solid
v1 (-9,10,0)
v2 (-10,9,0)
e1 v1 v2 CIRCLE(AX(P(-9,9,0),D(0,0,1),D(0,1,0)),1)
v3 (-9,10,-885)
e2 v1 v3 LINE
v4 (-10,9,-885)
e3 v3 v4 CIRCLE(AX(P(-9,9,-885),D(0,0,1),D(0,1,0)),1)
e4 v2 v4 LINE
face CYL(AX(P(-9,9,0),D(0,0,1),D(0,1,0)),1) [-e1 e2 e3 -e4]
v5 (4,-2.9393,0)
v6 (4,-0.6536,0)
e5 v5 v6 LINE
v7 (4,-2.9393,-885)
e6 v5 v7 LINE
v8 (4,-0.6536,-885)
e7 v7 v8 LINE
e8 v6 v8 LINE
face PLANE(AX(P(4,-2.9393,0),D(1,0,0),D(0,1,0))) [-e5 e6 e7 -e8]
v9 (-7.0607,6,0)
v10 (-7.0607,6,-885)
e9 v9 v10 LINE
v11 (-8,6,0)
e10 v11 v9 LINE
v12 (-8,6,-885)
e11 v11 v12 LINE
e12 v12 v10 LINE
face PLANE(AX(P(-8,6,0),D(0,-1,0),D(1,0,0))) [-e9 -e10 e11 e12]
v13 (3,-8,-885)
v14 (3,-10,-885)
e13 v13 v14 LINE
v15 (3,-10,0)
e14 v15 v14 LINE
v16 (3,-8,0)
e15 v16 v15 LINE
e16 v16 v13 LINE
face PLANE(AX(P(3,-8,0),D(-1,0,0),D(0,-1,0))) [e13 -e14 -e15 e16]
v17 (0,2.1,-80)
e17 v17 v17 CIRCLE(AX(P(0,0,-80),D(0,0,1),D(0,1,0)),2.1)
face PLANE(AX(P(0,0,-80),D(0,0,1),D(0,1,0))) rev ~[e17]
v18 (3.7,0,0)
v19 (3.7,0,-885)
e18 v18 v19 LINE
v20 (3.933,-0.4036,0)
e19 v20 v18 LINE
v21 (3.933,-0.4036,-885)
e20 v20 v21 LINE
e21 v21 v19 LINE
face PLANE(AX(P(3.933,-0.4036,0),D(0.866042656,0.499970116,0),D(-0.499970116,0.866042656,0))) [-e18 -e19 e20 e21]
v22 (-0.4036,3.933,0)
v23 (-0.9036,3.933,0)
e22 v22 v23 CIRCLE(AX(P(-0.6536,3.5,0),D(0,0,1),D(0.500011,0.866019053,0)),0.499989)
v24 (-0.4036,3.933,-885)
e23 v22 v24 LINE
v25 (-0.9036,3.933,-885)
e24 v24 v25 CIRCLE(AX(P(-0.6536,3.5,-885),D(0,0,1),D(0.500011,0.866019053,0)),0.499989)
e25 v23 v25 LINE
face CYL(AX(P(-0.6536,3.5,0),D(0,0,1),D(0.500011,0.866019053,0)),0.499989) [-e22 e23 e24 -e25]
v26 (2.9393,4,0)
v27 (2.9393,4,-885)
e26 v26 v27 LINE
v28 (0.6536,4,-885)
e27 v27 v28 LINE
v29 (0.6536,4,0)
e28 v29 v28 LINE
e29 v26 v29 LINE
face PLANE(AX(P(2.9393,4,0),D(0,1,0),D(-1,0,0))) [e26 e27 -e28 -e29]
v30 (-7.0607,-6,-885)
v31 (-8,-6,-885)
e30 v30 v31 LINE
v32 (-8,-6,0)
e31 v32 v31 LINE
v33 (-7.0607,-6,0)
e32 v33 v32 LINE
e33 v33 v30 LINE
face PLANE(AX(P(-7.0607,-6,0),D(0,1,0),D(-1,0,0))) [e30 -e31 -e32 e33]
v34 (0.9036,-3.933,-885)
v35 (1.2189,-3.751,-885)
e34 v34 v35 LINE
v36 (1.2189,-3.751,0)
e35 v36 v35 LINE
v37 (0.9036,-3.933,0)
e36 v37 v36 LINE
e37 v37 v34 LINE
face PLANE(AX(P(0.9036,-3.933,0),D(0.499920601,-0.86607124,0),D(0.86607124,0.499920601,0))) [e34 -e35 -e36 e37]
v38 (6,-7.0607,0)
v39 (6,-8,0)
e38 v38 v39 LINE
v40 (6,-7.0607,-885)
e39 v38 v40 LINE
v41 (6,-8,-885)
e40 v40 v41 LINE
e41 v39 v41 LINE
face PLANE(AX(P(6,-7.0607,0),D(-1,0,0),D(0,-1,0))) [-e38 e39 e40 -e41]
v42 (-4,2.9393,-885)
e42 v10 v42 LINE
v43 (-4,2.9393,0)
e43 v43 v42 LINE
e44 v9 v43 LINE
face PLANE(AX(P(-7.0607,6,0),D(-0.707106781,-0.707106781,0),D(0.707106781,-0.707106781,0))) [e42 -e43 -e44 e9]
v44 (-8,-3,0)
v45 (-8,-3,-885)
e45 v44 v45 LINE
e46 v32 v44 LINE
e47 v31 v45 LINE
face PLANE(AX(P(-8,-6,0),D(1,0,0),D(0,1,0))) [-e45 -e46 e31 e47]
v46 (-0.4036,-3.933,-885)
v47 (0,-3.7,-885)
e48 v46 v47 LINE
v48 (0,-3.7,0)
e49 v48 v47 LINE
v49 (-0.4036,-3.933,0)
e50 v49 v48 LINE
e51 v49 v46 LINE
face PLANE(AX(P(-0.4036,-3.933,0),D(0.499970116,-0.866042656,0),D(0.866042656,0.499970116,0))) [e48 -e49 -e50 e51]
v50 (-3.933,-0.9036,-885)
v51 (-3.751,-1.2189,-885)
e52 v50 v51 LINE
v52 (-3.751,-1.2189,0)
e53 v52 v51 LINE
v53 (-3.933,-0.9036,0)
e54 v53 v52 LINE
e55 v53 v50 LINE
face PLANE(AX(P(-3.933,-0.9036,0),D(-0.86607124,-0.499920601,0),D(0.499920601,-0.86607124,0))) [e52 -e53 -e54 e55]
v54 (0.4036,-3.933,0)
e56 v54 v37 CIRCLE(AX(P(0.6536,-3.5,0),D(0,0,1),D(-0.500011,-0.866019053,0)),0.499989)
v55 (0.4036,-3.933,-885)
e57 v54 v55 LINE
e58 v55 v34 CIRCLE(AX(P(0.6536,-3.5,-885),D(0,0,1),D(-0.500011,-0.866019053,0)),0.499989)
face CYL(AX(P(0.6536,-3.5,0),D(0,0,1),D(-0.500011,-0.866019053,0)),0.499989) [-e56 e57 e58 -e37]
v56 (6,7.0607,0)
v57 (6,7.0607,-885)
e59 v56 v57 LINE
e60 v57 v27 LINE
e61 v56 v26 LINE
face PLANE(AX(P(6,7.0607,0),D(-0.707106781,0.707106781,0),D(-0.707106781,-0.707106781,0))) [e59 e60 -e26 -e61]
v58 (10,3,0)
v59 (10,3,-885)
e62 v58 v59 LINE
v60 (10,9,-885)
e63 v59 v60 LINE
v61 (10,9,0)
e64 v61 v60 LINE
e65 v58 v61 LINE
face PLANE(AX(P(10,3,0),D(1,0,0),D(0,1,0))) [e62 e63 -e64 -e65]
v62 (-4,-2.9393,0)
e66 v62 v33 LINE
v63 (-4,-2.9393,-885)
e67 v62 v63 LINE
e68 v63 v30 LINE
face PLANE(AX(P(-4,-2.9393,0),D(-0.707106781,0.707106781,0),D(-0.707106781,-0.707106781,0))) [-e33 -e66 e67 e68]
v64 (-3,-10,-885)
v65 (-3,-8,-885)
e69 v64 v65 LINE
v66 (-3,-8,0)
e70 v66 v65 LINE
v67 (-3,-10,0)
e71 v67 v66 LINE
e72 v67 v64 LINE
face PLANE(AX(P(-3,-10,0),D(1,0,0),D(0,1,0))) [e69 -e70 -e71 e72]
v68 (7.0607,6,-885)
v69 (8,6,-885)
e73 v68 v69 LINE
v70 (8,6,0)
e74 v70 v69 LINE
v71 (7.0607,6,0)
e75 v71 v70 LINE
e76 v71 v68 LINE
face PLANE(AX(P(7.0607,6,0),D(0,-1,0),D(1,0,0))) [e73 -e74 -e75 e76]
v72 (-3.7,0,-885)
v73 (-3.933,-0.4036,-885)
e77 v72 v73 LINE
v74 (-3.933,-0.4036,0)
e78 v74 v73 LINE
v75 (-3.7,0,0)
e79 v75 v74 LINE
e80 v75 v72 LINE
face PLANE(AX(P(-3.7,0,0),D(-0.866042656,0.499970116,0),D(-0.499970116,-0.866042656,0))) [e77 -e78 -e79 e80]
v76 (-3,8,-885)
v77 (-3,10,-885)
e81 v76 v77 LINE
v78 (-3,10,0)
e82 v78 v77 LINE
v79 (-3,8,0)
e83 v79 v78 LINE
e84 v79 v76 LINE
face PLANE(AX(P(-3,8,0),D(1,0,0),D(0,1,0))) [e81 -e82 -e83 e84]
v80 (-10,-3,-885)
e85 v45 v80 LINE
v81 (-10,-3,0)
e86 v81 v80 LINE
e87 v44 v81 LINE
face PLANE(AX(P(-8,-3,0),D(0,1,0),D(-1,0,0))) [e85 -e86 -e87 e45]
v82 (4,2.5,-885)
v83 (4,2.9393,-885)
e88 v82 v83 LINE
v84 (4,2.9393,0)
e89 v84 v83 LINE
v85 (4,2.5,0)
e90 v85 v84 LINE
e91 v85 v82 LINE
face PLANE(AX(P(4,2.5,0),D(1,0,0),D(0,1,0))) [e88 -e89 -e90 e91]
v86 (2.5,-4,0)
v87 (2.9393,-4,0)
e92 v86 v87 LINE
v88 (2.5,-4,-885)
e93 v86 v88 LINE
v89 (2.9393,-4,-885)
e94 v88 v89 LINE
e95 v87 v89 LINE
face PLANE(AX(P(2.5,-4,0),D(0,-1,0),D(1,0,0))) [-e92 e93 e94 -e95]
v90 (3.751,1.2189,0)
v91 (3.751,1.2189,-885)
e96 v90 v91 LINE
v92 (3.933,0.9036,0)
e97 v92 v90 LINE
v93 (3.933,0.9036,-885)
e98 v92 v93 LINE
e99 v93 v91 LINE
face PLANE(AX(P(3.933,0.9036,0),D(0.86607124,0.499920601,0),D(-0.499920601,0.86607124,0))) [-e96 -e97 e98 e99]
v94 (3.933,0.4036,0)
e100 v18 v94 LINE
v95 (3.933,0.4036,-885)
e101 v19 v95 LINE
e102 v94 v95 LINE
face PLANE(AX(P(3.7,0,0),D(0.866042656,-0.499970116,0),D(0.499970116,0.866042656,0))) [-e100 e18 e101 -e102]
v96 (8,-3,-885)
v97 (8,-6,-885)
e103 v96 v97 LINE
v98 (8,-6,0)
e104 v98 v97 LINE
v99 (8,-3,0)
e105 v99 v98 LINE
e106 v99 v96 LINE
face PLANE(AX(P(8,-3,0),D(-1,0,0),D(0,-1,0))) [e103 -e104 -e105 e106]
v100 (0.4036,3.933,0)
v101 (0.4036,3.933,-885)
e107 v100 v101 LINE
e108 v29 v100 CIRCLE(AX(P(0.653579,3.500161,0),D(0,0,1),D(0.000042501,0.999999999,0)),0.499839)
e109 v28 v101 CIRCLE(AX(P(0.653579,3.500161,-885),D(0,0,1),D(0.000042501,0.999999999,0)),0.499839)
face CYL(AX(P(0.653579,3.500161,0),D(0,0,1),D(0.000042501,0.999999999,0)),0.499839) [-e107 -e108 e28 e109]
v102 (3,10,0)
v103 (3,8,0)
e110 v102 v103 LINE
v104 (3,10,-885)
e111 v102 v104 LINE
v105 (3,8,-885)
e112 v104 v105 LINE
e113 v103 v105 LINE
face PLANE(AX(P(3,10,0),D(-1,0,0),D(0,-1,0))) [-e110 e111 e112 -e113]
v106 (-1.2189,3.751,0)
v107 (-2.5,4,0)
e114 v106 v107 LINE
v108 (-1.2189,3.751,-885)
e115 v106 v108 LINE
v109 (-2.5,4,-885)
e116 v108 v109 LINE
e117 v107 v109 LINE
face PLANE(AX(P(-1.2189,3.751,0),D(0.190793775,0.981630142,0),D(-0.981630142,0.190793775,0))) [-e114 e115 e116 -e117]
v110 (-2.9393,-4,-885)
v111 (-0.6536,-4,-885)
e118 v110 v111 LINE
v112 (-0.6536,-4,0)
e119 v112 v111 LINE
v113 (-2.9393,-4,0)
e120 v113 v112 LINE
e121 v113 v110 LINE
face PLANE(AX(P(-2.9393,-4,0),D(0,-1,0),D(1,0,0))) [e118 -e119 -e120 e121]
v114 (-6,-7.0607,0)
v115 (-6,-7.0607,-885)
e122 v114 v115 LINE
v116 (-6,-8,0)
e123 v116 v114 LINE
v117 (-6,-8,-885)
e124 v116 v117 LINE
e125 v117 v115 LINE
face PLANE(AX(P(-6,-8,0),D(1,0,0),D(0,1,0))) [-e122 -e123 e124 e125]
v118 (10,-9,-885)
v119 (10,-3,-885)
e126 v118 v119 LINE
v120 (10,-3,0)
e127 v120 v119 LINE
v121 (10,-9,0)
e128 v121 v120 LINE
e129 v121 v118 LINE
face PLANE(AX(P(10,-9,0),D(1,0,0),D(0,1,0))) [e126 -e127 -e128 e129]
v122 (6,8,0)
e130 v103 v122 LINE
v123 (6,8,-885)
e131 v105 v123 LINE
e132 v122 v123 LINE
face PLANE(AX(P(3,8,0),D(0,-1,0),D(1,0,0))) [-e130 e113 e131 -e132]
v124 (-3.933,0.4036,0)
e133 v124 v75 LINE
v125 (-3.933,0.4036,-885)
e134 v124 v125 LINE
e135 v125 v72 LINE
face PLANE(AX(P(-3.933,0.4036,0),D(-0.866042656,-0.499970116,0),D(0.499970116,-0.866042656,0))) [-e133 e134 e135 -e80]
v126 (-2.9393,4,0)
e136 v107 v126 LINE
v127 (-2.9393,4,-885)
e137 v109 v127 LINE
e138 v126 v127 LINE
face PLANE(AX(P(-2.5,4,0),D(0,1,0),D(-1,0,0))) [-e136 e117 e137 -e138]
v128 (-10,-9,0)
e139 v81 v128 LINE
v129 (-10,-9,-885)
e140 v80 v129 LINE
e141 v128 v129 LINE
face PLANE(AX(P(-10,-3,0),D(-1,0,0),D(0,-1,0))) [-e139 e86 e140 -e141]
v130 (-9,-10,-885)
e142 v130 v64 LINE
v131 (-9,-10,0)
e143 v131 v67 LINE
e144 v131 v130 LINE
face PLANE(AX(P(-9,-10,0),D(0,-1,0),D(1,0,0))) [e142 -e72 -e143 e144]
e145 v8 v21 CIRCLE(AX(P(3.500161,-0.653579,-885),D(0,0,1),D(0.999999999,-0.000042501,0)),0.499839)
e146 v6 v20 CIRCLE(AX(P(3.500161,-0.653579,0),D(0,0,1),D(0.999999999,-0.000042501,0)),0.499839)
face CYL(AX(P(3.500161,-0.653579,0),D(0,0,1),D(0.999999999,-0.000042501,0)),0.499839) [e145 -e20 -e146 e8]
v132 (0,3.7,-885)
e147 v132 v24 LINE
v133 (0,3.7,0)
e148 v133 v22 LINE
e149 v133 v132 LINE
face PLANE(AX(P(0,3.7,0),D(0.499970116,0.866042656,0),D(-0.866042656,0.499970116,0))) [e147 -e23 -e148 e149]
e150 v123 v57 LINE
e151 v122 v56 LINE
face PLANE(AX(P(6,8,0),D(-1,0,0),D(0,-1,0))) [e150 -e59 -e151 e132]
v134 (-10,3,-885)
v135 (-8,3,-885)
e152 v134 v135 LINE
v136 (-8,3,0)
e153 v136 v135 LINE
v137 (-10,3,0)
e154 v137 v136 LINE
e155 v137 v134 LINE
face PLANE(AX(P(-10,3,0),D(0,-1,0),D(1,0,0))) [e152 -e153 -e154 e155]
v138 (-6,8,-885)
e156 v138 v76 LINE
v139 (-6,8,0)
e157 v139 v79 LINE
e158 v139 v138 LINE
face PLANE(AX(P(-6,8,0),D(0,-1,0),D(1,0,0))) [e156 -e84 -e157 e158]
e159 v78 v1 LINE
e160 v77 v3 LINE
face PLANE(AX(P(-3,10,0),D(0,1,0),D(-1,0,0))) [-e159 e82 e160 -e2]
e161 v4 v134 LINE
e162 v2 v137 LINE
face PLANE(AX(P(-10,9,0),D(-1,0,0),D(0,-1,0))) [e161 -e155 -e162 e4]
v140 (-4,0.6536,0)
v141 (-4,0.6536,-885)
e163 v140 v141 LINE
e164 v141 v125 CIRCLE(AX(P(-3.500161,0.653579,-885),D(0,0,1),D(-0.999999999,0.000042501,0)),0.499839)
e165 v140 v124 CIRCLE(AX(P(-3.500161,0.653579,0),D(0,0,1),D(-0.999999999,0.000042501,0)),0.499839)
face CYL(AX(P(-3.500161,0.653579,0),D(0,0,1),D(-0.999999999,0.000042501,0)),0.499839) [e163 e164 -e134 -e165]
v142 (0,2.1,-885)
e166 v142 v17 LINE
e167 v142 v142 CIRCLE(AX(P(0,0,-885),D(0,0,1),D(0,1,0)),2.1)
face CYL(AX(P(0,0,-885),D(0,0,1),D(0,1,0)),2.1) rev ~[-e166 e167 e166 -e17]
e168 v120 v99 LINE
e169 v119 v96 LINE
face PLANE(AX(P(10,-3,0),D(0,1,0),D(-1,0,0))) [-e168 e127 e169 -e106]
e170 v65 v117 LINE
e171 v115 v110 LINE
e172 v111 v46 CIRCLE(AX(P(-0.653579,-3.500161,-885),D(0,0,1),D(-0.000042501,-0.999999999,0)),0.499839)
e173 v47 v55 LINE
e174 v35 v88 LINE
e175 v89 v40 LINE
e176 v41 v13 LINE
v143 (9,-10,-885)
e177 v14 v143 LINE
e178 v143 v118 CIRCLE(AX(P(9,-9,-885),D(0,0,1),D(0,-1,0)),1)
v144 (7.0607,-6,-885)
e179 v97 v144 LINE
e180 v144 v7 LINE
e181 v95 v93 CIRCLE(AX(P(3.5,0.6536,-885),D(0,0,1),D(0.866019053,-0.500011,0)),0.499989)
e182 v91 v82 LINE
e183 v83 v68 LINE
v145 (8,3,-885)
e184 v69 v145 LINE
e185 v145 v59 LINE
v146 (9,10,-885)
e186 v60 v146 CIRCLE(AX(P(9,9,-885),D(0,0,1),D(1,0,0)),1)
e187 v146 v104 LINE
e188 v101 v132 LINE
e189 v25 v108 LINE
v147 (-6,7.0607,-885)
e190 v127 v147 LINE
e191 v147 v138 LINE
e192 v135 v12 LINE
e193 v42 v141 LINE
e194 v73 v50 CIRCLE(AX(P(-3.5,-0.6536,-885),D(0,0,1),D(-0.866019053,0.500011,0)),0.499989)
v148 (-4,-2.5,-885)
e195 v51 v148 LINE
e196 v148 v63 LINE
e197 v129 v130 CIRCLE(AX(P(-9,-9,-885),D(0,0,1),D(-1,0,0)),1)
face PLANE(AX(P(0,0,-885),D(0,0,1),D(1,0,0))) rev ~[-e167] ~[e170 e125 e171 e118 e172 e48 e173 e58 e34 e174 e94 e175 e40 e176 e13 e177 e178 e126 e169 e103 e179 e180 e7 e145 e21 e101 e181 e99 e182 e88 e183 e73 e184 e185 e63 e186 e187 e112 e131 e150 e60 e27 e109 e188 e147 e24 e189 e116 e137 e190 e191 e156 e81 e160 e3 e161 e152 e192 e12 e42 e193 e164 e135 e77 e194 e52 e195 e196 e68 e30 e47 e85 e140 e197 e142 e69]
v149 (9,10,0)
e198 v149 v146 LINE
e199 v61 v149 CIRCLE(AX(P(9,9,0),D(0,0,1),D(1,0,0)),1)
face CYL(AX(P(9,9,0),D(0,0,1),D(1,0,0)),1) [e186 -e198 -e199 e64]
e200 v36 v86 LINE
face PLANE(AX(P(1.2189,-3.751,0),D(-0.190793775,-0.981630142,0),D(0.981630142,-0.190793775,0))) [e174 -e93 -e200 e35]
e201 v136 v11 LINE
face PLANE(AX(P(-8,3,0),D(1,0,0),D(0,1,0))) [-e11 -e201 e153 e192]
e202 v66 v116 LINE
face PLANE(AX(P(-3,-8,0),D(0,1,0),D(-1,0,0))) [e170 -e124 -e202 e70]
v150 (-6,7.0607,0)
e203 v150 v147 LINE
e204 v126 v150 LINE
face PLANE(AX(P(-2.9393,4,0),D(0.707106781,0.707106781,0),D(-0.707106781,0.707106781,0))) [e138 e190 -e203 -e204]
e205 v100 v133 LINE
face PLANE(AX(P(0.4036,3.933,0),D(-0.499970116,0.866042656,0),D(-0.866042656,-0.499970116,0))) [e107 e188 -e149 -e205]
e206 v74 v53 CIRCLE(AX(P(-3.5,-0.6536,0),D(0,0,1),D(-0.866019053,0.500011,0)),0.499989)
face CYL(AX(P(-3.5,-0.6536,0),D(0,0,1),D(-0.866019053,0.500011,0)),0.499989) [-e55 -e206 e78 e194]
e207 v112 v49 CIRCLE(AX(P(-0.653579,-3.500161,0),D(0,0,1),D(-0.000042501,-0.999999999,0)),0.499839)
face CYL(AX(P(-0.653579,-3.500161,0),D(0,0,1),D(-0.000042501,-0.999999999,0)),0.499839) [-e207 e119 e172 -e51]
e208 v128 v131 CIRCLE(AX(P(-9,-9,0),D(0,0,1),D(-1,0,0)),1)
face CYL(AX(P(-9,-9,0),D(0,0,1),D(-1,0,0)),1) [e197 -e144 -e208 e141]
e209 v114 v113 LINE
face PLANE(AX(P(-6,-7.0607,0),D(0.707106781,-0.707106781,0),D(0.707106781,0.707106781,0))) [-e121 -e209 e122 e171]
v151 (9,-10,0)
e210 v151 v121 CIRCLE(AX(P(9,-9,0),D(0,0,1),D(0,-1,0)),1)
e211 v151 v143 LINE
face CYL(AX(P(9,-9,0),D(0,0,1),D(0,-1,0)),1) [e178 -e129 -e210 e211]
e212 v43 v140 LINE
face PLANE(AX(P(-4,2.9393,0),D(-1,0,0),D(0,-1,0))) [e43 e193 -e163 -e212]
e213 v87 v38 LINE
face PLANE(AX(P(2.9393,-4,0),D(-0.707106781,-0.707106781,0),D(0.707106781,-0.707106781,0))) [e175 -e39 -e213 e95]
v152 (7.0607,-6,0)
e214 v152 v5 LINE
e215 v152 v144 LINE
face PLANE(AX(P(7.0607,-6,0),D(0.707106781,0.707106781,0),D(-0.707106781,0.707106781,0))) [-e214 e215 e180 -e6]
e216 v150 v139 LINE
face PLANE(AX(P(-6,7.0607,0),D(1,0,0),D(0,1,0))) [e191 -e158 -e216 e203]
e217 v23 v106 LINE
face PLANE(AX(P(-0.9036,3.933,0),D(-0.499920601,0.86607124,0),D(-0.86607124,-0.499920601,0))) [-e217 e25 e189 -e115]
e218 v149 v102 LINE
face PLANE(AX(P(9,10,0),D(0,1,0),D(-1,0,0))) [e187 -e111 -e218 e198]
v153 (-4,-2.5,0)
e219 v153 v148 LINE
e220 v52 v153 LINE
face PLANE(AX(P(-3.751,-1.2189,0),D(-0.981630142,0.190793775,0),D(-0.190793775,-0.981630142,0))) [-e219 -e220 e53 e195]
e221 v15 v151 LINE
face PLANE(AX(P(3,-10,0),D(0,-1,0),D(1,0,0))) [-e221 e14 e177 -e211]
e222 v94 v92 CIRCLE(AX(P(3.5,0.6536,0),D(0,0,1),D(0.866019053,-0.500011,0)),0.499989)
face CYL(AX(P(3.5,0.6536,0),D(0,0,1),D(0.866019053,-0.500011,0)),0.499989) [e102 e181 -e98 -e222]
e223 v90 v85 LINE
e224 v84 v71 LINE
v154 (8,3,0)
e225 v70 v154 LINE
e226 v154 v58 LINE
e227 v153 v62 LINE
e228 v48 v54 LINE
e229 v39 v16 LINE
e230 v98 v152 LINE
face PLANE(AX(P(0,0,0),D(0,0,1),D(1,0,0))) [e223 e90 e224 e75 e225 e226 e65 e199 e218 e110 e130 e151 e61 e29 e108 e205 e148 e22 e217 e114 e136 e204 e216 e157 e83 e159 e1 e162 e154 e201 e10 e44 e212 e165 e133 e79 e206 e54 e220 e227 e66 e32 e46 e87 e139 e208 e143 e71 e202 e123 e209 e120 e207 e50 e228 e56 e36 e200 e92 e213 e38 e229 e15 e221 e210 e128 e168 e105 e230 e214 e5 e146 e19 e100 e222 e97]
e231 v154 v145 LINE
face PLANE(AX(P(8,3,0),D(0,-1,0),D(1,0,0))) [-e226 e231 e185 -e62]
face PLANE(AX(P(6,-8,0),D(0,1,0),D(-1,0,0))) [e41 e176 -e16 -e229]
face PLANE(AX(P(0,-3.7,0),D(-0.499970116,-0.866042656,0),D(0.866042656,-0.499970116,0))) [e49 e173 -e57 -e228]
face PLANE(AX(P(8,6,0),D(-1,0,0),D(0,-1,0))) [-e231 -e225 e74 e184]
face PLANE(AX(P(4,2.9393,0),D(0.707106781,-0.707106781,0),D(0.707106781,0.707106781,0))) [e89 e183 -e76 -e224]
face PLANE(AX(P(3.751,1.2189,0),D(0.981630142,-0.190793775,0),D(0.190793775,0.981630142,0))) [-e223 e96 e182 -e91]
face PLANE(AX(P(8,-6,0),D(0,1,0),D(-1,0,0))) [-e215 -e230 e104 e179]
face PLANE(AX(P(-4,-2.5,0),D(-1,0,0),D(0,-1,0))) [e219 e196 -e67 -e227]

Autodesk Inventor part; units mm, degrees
sketch "Sketch_75" plane through (0, 0, 0) normal (0, 0, 1) x (1, 0, 0)
  line L0 (-10, -3) -> (-10, -9)
  arc A0 (-10, -9) -> (-9, -10) centre (-9, -9) ccw
  line L1 (-9, -10) -> (-3, -10)
  line L2 (-3, -10) -> (-3, -8)
  line L3 (-3, -8) -> (-6, -8)
  line L4 (-6, -8) -> (-6, -7.0607)
  line L5 (-6, -7.0607) -> (-2.9393, -4)
  line L6 (-2.9393, -4) -> (-0.6536, -4)
  arc A1 (-0.6536, -4) -> (-0.4036, -3.933) centre (-0.6536, -3.5) ccw
  line L7 (-0.4036, -3.933) -> (0, -3.7)
  line L8 (0, -3.7) -> (0.4036, -3.933)
  arc A2 (0.4036, -3.933) -> (0.9036, -3.933) centre (0.6536, -3.5) ccw
  line L9 (0.9036, -3.933) -> (1.2189, -3.751)
  line L10 (1.2189, -3.751) -> (2.5, -4)
  line L11 (2.5, -4) -> (2.9393, -4)
  line L12 (2.9393, -4) -> (6, -7.0607)
  line L13 (6, -7.0607) -> (6, -8)
  line L14 (6, -8) -> (3, -8)
  line L15 (3, -8) -> (3, -10)
  line L16 (3, -10) -> (9, -10)
  arc A3 (9, -10) -> (10, -9) centre (9, -9) ccw
  line L17 (10, -9) -> (10, -3)
  line L18 (10, -3) -> (8, -3)
  line L19 (8, -3) -> (8, -6)
  line L20 (8, -6) -> (7.0607, -6)
  line L21 (7.0607, -6) -> (4, -2.9393)
  line L22 (4, -2.9393) -> (4, -0.6536)
  arc A4 (4, -0.6536) -> (3.933, -0.4036) centre (3.5, -0.6536) ccw
  line L23 (3.933, -0.4036) -> (3.7, 0)
  line L24 (3.7, 0) -> (3.933, 0.4036)
  arc A5 (3.933, 0.4036) -> (3.933, 0.9036) centre (3.5, 0.6536) ccw
  line L25 (3.933, 0.9036) -> (3.751, 1.2189)
  line L26 (3.751, 1.2189) -> (4, 2.5)
  line L27 (4, 2.5) -> (4, 2.9393)
  line L28 (4, 2.9393) -> (7.0607, 6)
  line L29 (7.0607, 6) -> (8, 6)
  line L30 (8, 6) -> (8, 3)
  line L31 (8, 3) -> (10, 3)
  line L32 (10, 3) -> (10, 9)
  arc A6 (10, 9) -> (9, 10) centre (9, 9) ccw
  line L33 (9, 10) -> (3, 10)
  line L34 (3, 10) -> (3, 8)
  line L35 (3, 8) -> (6, 8)
  line L36 (6, 8) -> (6, 7.0607)
  line L37 (6, 7.0607) -> (2.9393, 4)
  line L38 (2.9393, 4) -> (0.6536, 4)
  arc A7 (0.6536, 4) -> (0.4036, 3.933) centre (0.6536, 3.5) ccw
  line L39 (0.4036, 3.933) -> (0, 3.7)
  line L40 (0, 3.7) -> (-0.4036, 3.933)
  arc A8 (-0.4036, 3.933) -> (-0.9036, 3.933) centre (-0.6536, 3.5) ccw
  line L41 (-0.9036, 3.933) -> (-1.2189, 3.751)
  line L42 (-1.2189, 3.751) -> (-2.5, 4)
  line L43 (-2.5, 4) -> (-2.9393, 4)
  line L44 (-2.9393, 4) -> (-6, 7.0607)
  line L45 (-6, 7.0607) -> (-6, 8)
  line L46 (-6, 8) -> (-3, 8)
  line L47 (-3, 8) -> (-3, 10)
  line L48 (-3, 10) -> (-9, 10)
  arc A9 (-9, 10) -> (-10, 9) centre (-9, 9) ccw
  line L49 (-10, 9) -> (-10, 3)
  line L50 (-10, 3) -> (-8, 3)
  line L51 (-8, 3) -> (-8, 6)
  line L52 (-8, 6) -> (-7.0607, 6)
  line L53 (-7.0607, 6) -> (-4, 2.9393)
  line L54 (-4, 2.9393) -> (-4, 0.6536)
  arc A10 (-4, 0.6536) -> (-3.933, 0.4036) centre (-3.5, 0.6536) ccw
  line L55 (-3.933, 0.4036) -> (-3.7, 0)
  line L56 (-3.7, 0) -> (-3.933, -0.4036)
  arc A11 (-3.933, -0.4036) -> (-3.933, -0.9036) centre (-3.5, -0.6536) ccw
  line L57 (-3.933, -0.9036) -> (-3.751, -1.2189)
  line L58 (-3.751, -1.2189) -> (-4, -2.5)
  line L59 (-4, -2.5) -> (-4, -2.9393)
  line L60 (-4, -2.9393) -> (-7.0607, -6)
  line L61 (-7.0607, -6) -> (-8, -6)
  line L62 (-8, -6) -> (-8, -3)
  line L63 (-8, -3) -> (-10, -3)
extrude "Extrusion1" add sketch "Sketch_75" against normal blind 885
sketch "Sketch2" plane through (0, 0, -885) normal (0, 0, -1) x (-1, 0, 0)
  point P0 (0, 0)
hole "Hole1" at (0, 0, -885) direction (0, 0, 1) diameter 4.2 depth 805
ref_plane "C1_XY" through (0, 0, 0) normal (0, 0, 1) x (1, 0, 0)
ref_plane "C1_YZ" through (0, 0, 0) normal (1, 0, 0) x (0, 1, 0)
ref_plane "C1_ZX" through (0, 0, 0) normal (0, 1, 0) x (0, 0, 1)
properties part number "NFS5-2020-805" material "アルミニウム 6061"
